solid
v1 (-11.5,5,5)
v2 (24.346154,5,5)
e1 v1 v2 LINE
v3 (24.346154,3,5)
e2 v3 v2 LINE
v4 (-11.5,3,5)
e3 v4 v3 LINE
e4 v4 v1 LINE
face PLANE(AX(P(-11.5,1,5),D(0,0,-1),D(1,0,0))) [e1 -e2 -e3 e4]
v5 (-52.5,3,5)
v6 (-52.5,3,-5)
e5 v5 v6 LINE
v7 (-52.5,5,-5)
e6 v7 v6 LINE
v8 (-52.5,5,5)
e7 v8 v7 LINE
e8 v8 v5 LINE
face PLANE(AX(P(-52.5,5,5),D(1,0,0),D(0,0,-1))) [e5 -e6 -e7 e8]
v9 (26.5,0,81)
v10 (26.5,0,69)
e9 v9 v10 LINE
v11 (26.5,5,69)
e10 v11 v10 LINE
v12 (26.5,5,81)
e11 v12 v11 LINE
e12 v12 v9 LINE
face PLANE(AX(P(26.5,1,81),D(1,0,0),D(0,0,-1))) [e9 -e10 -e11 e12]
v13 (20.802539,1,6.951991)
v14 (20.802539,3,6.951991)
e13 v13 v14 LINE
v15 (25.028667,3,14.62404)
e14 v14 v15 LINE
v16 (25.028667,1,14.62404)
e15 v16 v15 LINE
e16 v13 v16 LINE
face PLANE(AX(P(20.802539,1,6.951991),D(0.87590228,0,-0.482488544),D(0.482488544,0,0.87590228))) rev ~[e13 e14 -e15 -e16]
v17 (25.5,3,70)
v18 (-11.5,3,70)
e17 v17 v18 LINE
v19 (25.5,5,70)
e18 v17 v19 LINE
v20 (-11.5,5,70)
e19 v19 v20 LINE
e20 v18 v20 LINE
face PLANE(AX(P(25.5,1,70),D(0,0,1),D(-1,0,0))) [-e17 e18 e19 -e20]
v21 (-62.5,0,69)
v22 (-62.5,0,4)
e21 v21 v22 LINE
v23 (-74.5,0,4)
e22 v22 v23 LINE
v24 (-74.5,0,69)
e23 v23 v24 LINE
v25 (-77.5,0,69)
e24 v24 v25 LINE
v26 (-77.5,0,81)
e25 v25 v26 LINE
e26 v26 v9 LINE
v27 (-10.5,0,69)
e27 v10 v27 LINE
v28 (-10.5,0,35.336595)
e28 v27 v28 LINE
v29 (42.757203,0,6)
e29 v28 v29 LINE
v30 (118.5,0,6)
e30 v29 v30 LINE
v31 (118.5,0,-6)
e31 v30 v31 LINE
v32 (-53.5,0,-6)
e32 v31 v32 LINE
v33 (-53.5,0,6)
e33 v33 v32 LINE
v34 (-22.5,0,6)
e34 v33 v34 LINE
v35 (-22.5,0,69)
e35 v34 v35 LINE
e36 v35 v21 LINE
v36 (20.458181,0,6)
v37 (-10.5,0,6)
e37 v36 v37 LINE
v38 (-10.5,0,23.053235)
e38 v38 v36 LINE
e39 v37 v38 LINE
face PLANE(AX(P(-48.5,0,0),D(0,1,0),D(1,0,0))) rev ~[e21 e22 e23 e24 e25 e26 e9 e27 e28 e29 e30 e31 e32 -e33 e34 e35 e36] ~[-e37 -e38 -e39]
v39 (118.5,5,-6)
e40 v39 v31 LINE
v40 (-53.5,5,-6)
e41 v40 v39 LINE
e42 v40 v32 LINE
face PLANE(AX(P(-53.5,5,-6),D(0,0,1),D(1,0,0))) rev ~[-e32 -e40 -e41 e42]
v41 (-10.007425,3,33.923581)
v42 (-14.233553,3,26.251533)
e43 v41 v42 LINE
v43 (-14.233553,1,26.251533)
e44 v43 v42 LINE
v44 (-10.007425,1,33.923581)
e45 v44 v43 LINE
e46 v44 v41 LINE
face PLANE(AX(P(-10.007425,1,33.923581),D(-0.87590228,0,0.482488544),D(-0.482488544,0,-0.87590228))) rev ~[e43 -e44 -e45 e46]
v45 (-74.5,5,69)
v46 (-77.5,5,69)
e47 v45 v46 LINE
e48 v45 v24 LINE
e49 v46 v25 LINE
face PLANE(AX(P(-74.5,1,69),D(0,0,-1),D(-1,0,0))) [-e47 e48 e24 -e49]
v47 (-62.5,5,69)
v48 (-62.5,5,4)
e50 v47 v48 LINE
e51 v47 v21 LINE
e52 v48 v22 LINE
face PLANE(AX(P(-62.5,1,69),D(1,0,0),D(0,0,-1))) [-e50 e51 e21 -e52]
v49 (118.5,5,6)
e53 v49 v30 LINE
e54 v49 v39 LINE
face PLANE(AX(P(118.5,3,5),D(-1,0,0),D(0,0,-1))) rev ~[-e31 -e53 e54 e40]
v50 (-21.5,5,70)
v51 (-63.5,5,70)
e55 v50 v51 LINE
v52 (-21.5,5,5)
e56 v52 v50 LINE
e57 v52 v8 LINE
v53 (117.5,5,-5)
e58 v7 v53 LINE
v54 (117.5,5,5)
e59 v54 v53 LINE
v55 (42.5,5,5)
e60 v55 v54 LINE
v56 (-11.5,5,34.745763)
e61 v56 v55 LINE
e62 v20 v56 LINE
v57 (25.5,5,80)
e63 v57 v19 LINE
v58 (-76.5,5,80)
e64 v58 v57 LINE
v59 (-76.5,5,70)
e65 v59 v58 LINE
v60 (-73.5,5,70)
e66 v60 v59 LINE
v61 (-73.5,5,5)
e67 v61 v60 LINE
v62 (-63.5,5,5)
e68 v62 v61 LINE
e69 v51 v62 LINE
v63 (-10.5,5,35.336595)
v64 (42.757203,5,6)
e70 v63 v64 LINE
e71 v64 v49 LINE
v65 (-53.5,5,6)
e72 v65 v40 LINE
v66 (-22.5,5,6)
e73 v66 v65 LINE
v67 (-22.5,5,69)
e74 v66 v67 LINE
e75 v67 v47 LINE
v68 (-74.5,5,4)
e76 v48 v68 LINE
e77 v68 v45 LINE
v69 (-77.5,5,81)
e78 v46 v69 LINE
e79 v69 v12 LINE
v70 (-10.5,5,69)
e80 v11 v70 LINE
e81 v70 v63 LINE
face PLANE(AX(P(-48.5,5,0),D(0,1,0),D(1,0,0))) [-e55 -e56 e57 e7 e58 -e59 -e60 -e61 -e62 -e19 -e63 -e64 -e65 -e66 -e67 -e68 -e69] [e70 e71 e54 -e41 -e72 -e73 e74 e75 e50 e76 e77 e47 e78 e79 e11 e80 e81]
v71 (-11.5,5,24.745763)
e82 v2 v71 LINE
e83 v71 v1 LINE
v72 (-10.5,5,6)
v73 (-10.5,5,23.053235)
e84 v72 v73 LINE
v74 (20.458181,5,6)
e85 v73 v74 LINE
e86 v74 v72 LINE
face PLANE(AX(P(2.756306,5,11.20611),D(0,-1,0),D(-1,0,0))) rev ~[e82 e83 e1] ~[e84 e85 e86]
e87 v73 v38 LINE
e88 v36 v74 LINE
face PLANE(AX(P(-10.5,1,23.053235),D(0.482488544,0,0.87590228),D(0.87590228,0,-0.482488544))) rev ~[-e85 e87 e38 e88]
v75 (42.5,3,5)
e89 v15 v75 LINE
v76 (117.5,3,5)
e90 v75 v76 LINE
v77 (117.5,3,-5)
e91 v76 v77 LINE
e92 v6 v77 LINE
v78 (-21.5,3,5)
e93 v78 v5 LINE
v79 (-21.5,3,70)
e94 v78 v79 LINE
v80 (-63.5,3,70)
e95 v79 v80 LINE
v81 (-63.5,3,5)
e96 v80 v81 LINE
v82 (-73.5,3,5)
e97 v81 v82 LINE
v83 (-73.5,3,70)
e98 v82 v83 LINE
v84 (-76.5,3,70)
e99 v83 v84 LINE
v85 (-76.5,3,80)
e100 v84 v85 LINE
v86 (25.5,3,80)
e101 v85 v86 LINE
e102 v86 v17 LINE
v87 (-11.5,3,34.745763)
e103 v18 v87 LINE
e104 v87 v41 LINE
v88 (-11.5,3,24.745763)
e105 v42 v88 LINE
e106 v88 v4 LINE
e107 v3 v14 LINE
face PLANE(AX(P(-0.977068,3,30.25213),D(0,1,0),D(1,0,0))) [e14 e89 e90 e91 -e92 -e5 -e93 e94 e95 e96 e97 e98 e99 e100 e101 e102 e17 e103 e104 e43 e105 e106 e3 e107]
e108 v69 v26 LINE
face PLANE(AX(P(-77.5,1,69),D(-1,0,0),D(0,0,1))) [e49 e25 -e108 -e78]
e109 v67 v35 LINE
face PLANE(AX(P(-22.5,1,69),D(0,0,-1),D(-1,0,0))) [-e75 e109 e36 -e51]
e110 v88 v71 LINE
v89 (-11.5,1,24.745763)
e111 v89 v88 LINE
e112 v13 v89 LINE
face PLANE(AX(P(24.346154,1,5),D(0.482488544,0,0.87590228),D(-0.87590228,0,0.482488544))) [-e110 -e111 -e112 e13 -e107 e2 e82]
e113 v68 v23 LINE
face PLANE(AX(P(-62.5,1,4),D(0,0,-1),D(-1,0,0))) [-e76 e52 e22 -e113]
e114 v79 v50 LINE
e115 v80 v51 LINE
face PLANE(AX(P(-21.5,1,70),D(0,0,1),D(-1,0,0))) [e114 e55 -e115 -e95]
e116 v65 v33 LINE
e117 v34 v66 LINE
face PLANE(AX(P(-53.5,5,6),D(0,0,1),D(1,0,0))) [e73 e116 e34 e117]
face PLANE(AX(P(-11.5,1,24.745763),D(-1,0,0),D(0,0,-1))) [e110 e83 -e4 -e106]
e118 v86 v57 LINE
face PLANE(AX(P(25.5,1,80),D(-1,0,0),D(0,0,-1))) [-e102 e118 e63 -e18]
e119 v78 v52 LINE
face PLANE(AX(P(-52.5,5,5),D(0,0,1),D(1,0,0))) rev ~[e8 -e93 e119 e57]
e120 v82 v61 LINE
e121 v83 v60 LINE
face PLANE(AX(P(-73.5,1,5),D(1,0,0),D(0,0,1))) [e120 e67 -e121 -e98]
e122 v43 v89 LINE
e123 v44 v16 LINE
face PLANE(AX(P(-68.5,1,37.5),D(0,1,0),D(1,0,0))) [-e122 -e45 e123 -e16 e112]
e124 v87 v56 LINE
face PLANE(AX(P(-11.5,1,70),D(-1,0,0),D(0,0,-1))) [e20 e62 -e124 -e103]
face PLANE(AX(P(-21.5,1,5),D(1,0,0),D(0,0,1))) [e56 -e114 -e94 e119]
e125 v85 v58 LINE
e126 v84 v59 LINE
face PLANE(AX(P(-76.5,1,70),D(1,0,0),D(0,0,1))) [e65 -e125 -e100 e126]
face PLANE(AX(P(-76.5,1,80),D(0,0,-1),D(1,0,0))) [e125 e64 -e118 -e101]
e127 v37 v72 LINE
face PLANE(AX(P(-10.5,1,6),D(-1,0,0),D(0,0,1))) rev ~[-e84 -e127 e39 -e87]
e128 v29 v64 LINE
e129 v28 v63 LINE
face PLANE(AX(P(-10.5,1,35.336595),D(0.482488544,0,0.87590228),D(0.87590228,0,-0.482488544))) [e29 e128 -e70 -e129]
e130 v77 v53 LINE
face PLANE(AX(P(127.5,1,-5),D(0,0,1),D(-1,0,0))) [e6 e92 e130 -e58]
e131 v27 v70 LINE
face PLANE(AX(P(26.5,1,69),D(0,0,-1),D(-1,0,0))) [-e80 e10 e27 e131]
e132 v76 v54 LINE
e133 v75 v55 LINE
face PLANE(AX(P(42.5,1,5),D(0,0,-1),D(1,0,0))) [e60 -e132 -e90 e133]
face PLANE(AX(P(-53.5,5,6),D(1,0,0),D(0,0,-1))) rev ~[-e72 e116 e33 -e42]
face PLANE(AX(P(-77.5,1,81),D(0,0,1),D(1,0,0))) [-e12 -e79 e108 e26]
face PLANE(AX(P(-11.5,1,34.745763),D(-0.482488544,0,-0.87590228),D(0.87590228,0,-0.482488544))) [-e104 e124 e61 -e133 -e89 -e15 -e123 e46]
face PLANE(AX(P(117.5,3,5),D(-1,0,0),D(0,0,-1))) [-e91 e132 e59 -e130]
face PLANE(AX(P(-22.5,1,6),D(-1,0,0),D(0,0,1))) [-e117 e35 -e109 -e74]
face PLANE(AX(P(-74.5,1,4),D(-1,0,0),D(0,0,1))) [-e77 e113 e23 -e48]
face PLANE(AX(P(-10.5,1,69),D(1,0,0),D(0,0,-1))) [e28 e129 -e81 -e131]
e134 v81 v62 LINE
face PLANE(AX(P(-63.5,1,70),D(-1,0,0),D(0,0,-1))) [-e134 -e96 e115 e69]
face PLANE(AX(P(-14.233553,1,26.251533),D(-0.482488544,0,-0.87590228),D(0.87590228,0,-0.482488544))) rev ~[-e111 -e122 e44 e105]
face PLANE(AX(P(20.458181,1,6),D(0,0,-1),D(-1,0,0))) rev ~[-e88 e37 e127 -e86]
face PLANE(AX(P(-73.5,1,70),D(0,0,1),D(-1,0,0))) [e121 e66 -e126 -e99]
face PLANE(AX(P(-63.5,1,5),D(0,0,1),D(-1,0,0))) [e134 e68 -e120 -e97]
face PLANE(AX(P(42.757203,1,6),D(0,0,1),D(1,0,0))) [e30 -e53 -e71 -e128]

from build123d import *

# Parameters (mm, degrees)
SKETCH_3_W           = 10
SKETCH_3_H           = 65
SKETCH_3_W_2         = 85
SKETCH_3_H_2         = 10
EXTRUDE_2_DEPTH      = 1
EXTRUDE_3_DEPTH      = 4
EXTRUDE_3_DEPTH_BACK = 1
EXTRUDE_4_DEPTH      = 2
SKETCH_7_W           = 10
SKETCH_7_H           = 12
CUT_EXTRUDE_1_DEPTH  = 5
SKETCH_8_W           = 1
SKETCH_8_H           = 10
EXTRUDE_5_DEPTH      = 2
SKETCH_9_W           = 10
SKETCH_9_H           = 12
EXTRUDE_7_DEPTH      = 5
SKETCH_10_W          = 10
SKETCH_10_H          = 10
CUT_EXTRUDE_2_DEPTH  = 2


with BuildPart() as part:
    # 草图3 → 凸台-拉伸2 (new body)
    with BuildSketch(Plane(origin=(0, 0, 0), x_dir=(1, 0, 0), z_dir=(0, 1, 0))):
        with Locations((-68.5, -37.5)):
            Rectangle(SKETCH_3_W, SKETCH_3_H)
        Polygon((25.5, -70), (-11.5, -70), (-21.5, -70), (-63.5, -70), (-73.5, -70), (-76.5, -70), (-76.5, -80), (25.5, -80), align=None)
        Polygon((-11.5, -70), (-11.5, -34.745762712), (-16.5, -37.5), (-16.5, -27.5), (-11.5, -24.745762712), (-11.5, -5), (-21.5, -5), (-21.5, -70), align=None)
        Polygon((24.346153846, -5), (42.5, 5), (-42.5, 5), (-42.5, -5), (-21.5, -5), (-11.5, -5), align=None)
        with Locations((85, 0)):
            Rectangle(SKETCH_3_W_2, SKETCH_3_H_2)
        Polygon((24.346153846, -5), (42.5, -5), (42.5, 5), align=None)
        Polygon((-11.5, -34.745762712), (42.5, -5), (24.346153846, -5), (-11.5, -24.745762712), align=None)
        Polygon((-16.5, -37.5), (-11.5, -34.745762712), (-11.5, -24.745762712), (-16.5, -27.5), align=None)
    extrude(amount=EXTRUDE_2_DEPTH)

    # 草图4 → 凸台-拉伸3 (add, two sides)
    with BuildSketch(Plane(origin=(0, 1, 0), x_dir=(1, 0, 0), z_dir=(0, 1, 0))) as extrude_3_sk:
        Polygon((26.5, -69), (-10.5, -69), (-10.5, -35.336595122), (42.757203453, -6), (128.5, -6), (128.5, 6), (-43.5, 6), (-43.5, -6), (-22.5, -6), (-22.5, -69), (-62.5, -69), (-62.5, -4), (-74.5, -4), (-74.5, -69), (-77.5, -69), (-77.5, -81), (26.5, -81), align=None)
        Polygon((-11.5, -34.745762712), (42.5, -5), (127.5, -5), (127.5, 5), (-42.5, 5), (-42.5, -5), (-21.5, -5), (-21.5, -70), (-63.5, -70), (-63.5, -5), (-73.5, -5), (-73.5, -70), (-76.5, -70), (-76.5, -80), (25.5, -80), (25.5, -70), (-11.5, -70), align=None, mode=Mode.SUBTRACT)
        Polygon((-11.5, -5), (24.346153846, -5), (-11.5, -24.745762712), align=None)
        Polygon((-10.5, -23.053235386), (20.458181162, -6), (-10.5, -6), align=None, mode=Mode.SUBTRACT)
    extrude(amount=EXTRUDE_3_DEPTH)
    extrude(extrude_3_sk.sketch, amount=-EXTRUDE_3_DEPTH_BACK)

    # 草图5 → 凸台-拉伸4 (add)
    with BuildSketch(Plane(origin=(0, 1, 0), x_dir=(1, 0, 0), z_dir=(0, 1, 0))):
        Polygon((-10.007424518, -33.923581302), (-14.233552679, -26.251533255), (-11.5, -24.745762712), (-11.5, -5), (24.346153846, -5), (20.802538534, -6.951991486), (25.028666695, -14.624039532), (42.5, -5), (127.5, -5), (127.5, 5), (-42.5, 5), (-42.5, -5), (-21.5, -5), (-21.5, -70), (-63.5, -70), (-63.5, -5), (-73.5, -5), (-73.5, -70), (-76.5, -70), (-76.5, -80), (25.5, -80), (25.5, -70), (-11.5, -70), (-11.5, -34.745762712), align=None)
    extrude(amount=EXTRUDE_4_DEPTH)

    # 草图7 → 切除-拉伸1 (cut)
    with BuildSketch(Plane(origin=(0, 5, 0), x_dir=(1, 0, 0), z_dir=(0, 1, 0))):
        with Locations((123.5, 0)):
            Rectangle(SKETCH_7_W, SKETCH_7_H)
    extrude(amount=-CUT_EXTRUDE_1_DEPTH, mode=Mode.SUBTRACT)

    # 草图8 → 凸台-拉伸5 (add)
    with BuildSketch(Plane(origin=(0, 3, 0), x_dir=(1, 0, 0), z_dir=(0, 1, 0))):
        with Locations((118, 0)):
            Rectangle(SKETCH_8_W, SKETCH_8_H)
    extrude(amount=EXTRUDE_5_DEPTH)

    # 草图9 → 凸台-拉伸7 (add)
    with BuildSketch(Plane(origin=(0, 5, 0), x_dir=(1, 0, 0), z_dir=(0, 1, 0))):
        with Locations((-48.5, 0)):
            Rectangle(SKETCH_9_W, SKETCH_9_H)
    extrude(amount=-EXTRUDE_7_DEPTH)

    # 草图10 → 切除-拉伸2 (cut)
    with BuildSketch(Plane(origin=(0, 5, 0), x_dir=(1, 0, 0), z_dir=(0, 1, 0))):
        with Locations((-47.5, 0)):
            Rectangle(SKETCH_10_W, SKETCH_10_H)
    extrude(amount=-CUT_EXTRUDE_2_DEPTH, mode=Mode.SUBTRACT)


solid = part.part
